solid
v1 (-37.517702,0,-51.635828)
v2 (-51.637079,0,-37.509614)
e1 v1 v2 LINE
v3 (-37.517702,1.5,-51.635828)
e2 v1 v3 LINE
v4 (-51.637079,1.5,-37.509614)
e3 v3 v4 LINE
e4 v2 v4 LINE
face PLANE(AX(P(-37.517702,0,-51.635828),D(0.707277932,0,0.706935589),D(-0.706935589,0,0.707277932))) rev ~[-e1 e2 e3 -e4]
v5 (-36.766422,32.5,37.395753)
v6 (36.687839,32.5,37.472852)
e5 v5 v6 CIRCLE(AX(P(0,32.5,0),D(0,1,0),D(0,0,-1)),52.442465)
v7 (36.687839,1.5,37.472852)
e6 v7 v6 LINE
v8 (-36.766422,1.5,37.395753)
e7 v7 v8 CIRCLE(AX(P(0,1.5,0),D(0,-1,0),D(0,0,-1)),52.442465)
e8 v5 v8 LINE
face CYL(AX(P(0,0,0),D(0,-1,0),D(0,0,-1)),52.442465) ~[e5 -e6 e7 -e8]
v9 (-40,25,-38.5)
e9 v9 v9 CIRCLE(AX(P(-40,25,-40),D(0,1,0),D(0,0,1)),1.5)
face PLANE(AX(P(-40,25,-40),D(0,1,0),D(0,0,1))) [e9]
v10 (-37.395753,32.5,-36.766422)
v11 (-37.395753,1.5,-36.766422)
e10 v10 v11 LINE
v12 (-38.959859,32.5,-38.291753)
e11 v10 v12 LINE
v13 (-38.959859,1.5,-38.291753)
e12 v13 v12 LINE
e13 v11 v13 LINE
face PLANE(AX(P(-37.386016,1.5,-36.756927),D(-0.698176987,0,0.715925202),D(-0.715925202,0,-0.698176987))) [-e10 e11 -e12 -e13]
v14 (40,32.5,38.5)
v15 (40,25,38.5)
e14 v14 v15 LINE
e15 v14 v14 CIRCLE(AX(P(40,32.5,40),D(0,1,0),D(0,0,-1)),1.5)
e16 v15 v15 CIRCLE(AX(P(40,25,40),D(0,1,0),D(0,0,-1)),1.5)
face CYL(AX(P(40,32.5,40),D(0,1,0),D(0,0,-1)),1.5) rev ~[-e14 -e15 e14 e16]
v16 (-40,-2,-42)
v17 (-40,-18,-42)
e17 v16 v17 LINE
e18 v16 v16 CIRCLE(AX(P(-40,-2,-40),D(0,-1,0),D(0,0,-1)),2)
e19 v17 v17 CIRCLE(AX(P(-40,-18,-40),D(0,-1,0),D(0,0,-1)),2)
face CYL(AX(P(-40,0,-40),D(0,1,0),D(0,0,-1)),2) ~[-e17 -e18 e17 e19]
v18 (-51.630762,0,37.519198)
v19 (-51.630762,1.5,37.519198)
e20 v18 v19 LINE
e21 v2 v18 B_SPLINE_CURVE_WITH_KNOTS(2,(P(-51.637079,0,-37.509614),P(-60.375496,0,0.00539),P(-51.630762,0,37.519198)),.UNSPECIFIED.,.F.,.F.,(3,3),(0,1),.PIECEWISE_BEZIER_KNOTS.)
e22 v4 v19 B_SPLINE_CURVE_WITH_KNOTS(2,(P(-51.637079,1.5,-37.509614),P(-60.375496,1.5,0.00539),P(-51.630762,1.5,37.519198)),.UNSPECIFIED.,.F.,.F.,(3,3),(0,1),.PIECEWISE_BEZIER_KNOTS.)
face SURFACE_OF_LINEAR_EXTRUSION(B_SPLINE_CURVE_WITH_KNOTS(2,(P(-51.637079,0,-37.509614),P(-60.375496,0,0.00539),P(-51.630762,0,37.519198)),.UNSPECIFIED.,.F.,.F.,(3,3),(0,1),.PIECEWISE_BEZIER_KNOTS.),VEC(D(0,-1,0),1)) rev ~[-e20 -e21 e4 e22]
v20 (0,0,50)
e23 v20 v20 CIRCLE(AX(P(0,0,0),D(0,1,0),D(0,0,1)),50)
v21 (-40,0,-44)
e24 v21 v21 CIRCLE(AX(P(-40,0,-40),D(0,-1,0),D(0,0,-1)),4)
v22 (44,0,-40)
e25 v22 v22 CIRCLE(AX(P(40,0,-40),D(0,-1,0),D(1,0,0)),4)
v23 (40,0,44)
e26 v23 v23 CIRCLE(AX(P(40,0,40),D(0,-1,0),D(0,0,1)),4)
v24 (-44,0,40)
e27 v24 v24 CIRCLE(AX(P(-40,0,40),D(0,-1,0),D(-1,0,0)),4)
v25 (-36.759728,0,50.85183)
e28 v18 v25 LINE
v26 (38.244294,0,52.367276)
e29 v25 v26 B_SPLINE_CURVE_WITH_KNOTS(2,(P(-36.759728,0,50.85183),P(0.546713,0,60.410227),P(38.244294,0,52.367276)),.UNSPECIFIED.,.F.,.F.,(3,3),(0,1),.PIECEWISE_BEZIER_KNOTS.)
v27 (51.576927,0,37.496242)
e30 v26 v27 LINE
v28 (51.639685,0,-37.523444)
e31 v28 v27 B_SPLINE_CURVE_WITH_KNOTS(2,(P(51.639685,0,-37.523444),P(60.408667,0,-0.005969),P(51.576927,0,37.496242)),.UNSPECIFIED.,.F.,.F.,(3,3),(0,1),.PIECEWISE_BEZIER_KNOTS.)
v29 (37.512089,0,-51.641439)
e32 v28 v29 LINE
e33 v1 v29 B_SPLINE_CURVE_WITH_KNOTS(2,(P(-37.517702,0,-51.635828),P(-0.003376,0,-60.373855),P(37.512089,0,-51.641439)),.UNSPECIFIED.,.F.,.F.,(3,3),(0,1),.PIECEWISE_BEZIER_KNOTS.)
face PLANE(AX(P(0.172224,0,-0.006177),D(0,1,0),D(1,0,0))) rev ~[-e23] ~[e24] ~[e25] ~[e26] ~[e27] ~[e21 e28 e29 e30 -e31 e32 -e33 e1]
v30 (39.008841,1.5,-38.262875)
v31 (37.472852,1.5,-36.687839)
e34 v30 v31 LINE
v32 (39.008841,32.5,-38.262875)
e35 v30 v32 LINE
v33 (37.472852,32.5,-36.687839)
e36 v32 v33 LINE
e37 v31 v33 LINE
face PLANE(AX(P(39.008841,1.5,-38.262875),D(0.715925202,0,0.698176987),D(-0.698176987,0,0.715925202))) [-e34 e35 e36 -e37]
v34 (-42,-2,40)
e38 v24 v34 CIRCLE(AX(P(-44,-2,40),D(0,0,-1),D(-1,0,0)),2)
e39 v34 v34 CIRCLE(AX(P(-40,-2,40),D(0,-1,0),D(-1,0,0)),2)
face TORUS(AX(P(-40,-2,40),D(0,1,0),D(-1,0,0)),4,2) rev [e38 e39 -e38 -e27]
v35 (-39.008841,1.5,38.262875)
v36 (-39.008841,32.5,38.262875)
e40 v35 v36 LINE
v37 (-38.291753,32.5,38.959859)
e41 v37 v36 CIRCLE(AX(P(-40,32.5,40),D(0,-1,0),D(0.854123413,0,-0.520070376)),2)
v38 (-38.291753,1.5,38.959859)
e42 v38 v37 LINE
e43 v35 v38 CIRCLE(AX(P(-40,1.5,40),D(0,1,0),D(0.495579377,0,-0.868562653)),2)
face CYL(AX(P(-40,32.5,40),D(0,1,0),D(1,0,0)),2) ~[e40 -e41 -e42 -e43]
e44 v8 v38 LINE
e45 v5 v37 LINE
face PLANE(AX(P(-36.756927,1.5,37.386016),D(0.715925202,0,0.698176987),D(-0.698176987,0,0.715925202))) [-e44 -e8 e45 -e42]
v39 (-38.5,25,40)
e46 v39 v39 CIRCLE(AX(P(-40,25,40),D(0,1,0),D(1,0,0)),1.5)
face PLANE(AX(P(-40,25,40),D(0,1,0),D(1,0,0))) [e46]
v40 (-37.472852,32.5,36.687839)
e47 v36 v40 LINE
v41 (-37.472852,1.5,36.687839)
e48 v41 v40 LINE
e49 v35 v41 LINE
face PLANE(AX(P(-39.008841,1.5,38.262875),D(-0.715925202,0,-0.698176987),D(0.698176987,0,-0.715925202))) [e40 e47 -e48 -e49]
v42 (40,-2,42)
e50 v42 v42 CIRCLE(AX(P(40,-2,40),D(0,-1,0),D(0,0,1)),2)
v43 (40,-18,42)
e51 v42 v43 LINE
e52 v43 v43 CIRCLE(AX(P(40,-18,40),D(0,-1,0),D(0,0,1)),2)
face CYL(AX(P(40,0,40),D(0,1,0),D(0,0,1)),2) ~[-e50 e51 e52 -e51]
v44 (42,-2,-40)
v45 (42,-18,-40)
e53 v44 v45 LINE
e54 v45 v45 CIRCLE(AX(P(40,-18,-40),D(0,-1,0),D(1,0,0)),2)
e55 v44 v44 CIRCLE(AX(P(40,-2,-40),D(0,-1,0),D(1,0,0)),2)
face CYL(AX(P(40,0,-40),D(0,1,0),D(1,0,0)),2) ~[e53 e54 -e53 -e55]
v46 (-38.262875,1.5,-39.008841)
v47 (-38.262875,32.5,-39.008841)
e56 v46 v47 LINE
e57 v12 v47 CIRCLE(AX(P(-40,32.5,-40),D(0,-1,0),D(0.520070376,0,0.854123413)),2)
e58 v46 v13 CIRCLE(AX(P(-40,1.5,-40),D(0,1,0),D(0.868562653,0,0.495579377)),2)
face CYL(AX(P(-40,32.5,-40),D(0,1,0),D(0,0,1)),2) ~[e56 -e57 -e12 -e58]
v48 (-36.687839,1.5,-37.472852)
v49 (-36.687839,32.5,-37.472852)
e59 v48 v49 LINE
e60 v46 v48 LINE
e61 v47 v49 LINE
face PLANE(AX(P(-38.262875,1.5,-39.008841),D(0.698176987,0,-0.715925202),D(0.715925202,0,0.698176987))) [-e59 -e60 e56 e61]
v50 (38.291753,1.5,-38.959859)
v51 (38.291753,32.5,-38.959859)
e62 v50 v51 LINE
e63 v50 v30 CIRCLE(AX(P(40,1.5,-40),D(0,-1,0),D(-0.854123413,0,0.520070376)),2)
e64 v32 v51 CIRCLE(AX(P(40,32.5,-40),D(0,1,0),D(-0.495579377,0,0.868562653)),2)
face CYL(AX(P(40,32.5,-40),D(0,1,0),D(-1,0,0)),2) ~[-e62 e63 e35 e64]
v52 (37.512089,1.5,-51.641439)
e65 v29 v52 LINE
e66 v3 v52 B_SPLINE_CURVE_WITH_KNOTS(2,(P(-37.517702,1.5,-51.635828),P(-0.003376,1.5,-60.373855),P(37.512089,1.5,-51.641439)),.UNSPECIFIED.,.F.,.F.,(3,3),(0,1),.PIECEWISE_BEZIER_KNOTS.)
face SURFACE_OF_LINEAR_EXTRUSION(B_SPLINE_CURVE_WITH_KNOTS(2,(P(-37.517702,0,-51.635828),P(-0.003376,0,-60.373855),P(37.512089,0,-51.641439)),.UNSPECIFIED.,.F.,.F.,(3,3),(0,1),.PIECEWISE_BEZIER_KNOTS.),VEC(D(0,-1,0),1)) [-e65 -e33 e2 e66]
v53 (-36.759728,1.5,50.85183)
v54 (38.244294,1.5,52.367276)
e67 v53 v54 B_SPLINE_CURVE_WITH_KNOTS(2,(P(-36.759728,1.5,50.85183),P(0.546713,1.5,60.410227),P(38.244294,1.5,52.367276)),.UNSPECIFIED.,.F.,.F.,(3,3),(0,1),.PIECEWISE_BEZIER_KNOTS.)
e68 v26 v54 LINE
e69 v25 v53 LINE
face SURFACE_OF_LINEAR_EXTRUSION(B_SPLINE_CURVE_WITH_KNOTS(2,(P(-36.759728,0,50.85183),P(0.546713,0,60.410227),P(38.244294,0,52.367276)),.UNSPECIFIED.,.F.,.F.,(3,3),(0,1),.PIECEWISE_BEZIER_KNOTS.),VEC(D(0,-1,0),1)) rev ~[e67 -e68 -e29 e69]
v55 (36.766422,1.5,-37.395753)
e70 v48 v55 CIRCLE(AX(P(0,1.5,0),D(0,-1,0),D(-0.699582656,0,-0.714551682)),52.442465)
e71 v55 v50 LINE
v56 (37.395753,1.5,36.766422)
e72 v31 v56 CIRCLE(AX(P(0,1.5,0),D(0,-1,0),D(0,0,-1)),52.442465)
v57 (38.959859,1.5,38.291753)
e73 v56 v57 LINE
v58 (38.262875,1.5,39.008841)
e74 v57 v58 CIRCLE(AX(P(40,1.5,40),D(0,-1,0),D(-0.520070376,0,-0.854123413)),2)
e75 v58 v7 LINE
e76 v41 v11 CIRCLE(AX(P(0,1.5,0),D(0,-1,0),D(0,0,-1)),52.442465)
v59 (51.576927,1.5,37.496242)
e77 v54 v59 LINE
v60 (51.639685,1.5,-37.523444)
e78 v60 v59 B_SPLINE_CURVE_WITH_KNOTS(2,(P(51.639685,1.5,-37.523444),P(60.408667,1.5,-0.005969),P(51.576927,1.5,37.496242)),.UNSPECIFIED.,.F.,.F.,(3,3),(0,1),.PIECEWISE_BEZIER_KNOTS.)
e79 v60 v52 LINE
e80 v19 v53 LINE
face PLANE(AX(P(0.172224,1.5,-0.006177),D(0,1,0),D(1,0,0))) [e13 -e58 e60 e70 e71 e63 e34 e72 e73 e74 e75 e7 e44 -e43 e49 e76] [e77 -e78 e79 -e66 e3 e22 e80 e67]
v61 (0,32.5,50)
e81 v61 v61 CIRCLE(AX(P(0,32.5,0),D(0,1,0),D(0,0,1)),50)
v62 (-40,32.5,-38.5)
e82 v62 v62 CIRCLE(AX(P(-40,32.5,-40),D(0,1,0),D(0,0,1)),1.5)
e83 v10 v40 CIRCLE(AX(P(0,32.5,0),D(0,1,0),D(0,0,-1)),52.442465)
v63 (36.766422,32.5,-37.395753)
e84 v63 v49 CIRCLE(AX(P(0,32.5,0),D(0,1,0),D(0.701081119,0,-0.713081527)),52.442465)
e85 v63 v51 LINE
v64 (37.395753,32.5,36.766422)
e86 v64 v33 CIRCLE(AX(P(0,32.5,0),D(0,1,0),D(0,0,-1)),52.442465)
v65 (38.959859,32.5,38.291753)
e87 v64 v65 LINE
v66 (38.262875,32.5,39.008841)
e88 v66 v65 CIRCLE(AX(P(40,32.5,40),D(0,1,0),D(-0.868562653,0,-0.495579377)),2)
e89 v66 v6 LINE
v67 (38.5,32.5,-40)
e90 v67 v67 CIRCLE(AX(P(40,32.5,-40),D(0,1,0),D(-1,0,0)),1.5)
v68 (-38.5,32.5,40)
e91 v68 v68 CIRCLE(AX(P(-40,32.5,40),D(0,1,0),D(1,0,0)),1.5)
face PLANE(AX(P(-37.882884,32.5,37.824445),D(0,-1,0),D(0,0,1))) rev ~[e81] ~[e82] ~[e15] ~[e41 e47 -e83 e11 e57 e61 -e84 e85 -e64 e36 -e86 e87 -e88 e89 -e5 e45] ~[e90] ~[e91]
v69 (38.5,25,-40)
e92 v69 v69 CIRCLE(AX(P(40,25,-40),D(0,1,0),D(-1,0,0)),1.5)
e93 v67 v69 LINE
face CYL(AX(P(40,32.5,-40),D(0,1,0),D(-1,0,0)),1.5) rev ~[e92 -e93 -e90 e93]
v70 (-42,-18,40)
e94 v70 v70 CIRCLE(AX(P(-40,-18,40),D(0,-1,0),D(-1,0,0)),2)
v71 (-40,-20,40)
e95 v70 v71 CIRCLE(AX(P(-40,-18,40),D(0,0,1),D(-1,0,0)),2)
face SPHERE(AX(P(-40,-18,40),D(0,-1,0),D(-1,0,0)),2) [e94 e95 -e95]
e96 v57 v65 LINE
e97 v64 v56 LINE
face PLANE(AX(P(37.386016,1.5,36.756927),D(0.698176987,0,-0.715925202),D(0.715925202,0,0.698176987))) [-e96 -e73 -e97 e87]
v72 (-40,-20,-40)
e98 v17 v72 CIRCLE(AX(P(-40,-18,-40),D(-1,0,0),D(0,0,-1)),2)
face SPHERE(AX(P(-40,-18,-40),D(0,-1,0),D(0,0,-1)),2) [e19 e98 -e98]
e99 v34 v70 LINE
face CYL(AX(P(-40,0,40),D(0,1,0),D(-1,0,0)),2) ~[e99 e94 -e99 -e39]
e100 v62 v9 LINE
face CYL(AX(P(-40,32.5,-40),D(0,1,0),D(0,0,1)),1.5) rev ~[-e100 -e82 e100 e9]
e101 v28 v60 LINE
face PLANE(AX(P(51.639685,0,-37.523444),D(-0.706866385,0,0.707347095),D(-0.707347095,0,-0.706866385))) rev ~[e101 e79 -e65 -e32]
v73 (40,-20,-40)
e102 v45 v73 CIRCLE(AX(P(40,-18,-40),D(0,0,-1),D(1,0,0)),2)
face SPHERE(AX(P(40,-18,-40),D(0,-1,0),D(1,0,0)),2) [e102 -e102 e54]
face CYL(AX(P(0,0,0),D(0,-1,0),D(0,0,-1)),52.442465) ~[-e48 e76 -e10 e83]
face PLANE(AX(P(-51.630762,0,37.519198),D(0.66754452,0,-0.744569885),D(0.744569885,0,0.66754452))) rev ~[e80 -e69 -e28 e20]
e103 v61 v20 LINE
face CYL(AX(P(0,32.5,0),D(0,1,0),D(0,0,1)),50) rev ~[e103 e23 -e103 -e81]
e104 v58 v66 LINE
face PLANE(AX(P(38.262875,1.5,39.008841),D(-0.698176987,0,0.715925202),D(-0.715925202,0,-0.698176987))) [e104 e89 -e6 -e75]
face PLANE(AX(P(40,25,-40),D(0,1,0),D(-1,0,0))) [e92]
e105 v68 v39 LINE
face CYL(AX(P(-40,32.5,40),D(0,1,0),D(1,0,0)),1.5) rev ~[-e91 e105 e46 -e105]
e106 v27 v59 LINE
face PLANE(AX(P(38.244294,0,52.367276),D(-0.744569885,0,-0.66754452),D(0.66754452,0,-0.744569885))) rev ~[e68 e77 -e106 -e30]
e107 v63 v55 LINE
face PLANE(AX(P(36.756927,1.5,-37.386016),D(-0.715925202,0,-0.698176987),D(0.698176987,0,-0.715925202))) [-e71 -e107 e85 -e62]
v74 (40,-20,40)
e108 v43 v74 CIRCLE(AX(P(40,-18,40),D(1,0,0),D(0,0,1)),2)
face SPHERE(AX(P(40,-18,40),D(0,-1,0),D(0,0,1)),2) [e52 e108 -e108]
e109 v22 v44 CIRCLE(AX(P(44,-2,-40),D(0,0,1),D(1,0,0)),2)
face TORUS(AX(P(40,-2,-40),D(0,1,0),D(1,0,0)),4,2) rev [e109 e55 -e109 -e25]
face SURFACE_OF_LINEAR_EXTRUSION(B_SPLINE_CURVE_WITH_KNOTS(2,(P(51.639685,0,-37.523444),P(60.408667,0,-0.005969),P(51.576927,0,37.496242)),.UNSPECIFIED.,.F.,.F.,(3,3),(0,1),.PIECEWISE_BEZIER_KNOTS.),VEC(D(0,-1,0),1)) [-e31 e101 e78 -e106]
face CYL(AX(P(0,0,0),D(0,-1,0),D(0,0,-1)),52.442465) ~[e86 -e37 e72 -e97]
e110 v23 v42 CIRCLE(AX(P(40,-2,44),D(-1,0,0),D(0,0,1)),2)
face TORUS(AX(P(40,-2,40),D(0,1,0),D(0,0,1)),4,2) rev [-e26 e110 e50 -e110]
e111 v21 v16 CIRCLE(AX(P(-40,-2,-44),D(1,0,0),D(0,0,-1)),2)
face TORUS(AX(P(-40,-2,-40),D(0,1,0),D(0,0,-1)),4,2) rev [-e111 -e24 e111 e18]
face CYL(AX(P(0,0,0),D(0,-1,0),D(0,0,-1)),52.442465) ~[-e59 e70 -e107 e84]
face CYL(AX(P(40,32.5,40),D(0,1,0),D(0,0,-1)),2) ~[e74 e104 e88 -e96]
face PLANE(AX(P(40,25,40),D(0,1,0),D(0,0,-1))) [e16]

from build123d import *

# Parameters (mm, degrees)
SKETCH2_R                = 5000
BOSS_EXTRUDE2_DEPTH      = 150
SKETCH3_R                = 5244.246539356
BOSS_EXTRUDE3_DEPTH      = 3250
SKETCH7_R                = 2
BOSS_EXTRUDE12_DEPTH     = 3250
SKETCH9_R                = 200
BOSS_EXTRUDE13_DEPTH     = 2000
FILLET1_R                = 200
CIRPATTERN7_COUNT        = 4
FILLET1_OF_CIRPATTERN7_R = 200
SCALE2_SCALE             = 0.01
SKETCH14_R               = 50
CUT_EXTRUDE4_DEPTH       = 96.047197338
BOSS_EXTRUDE14_START     = -32.5
SKETCH7_6_R              = 2
BOSS_EXTRUDE14_DEPTH     = 32.5
EXTRUDE_THIN10_DEPTH     = 31
SKETCH15_R               = 1.5
CUT_EXTRUDE5_DEPTH       = 7.5
CIRPATTERN1_COUNT        = 4


with BuildPart() as part:
    # Sketch2 → Boss-Extrude2 (new body)
    with BuildSketch(Plane(origin=(0, 0, 0), x_dir=(1, 0, 0), z_dir=(0, 1, 0))):
        with BuildLine():
            Line((3824.429393628, -5236.727592336), (5157.692676049, -3749.624245316))
            add(Edge.make_bspline(
                [(5163.968520998, 3752.344435712), (6040.866701019, 0.596942764), (5157.692676049, -3749.624245316)],
                knots=[0, 0, 0, 1, 1, 1], degree=2))
            Line((5163.968520998, 3752.344435712), (3751.208948661, 5164.143902966))
            add(Edge.make_bspline(
                [(-3751.770188441, 5163.582833105), (-0.337562444, 6037.385508755), (3751.208948661, 5164.143902966)],
                knots=[0, 0, 0, 1, 1, 1], degree=2))
            Line((-3751.770188441, 5163.582833105), (-5163.707873982, 3750.961398637))
            add(Edge.make_bspline(
                [(-5163.707873982, 3750.961398637), (-6037.549572471, -0.53895869), (-5163.076160475, -3751.919756157)],
                knots=[0, 0, 0, 1, 1, 1], degree=2))
            Line((-5163.076160475, -3751.919756157), (-3675.972813455, -5085.183038578))
            add(Edge.make_bspline(
                [(-3675.972813455, -5085.183038578), (54.671333271, -6041.022726245), (3824.429393628, -5236.727592336)],
                knots=[0, 0, 0, 1, 1, 1], degree=2))
        make_face()
        Circle(SKETCH2_R, mode=Mode.SUBTRACT)
    extrude(amount=BOSS_EXTRUDE2_DEPTH)

    # Sketch3 → Boss-Extrude3 (add)
    with BuildSketch(Plane(origin=(0, 0, 0), x_dir=(1, 0, 0), z_dir=(0, 1, 0))):
        Circle(SKETCH3_R)
    extrude(amount=BOSS_EXTRUDE3_DEPTH)

    # Sketch7 → Boss-Extrude12 (add)
    with BuildSketch(Plane(origin=(0, 0, 0), x_dir=(-1, 0, 0), z_dir=(0, -1, 0))):
        with Locations((40, 40)):
            Circle(SKETCH7_R)
    extrude(amount=-BOSS_EXTRUDE12_DEPTH)

    # Sketch9 → Boss-Extrude13 (add)
    with BuildSketch(Plane(origin=(0, 0, 0), x_dir=(-1, 0, 0), z_dir=(0, -1, 0))):
        with Locations((4000, 4000)):
            Circle(SKETCH9_R)
    boss_extrude13 = extrude(amount=BOSS_EXTRUDE13_DEPTH)

    # Fillet1
    fillet1_edges = [part.edges().sort_by_distance(p)[0] for p in [
        (-3800, 0, -4000),
        (-3800, -2000, -4000),
    ]]
    fillet(fillet1_edges, radius=FILLET1_R)

    # CirPattern7: Boss-Extrude13 ×4 about axis
    cirpattern7_axis = Axis((0, 3512.5, 0), (0, -1, 0))
    for i in range(1, CIRPATTERN7_COUNT):
        add(boss_extrude13.rotate(cirpattern7_axis, i * 360 / CIRPATTERN7_COUNT))

    # Fillet1 of CirPattern7
    fillet1_of_cirpattern7_edges = [part.edges().sort_by_distance(p)[0] for p in [
        (4000, 0, -3800),
        (4000, -2000, -3800),
        (3800, 0, 4000),
        (3800, -2000, 4000),
        (-4000, 0, 3800),
        (-4000, -2000, 3800),
    ]]
    fillet(fillet1_of_cirpattern7_edges, radius=FILLET1_OF_CIRPATTERN7_R)


with BuildPart() as part_1:
    # Scale2: scaled about (0, 0, 0)
    add(part.part.scale(SCALE2_SCALE))

    # Sketch14 → Cut-Extrude4 (cut, through all)
    with BuildSketch(Plane(origin=(0, 32.5, 0), x_dir=(1, 0, 0), z_dir=(0, 1, 0))):
        Circle(SKETCH14_R)
    extrude(amount=-CUT_EXTRUDE4_DEPTH, mode=Mode.SUBTRACT)

    # Sketch7<6> → Boss-Extrude14 (add)
    with BuildSketch(Plane(origin=(0, 0, 0), x_dir=(-1, 0, 0), z_dir=(0, -1, 0)).offset(BOSS_EXTRUDE14_START)):
        with Locations((40, 40)):
            Circle(SKETCH7_6_R)
    boss_extrude14 = extrude(amount=BOSS_EXTRUDE14_DEPTH)

    # Sketch16 → Extrude-Thin10 (add)
    with BuildSketch(Plane(origin=(0, 1.5, 0), x_dir=(1, 0, 0), z_dir=(0, 1, 0))):
        Polygon((-38.262874695, 39.008841247), (-36.687839251, 37.472851875), (-37.386016238, 36.756926674), (-38.961051682, 38.292916046), align=None)
    extrude_thin10 = extrude(amount=EXTRUDE_THIN10_DEPTH)

    # Sketch15 → Cut-Extrude5 (cut)
    with BuildSketch(Plane(origin=(0, 32.5, 0), x_dir=(1, 0, 0), z_dir=(0, 1, 0))):
        with Locations((-40, 40)):
            Circle(SKETCH15_R)
    cut_extrude5 = extrude(amount=-CUT_EXTRUDE5_DEPTH, mode=Mode.SUBTRACT)

    # CirPattern1: Boss-Extrude14, Extrude-Thin10, Cut-Extrude5 ×4 about axis
    cirpattern1_axis = Axis((0, 3512.5, 0), (0, -1, 0))
    add([boss_extrude14.rotate(cirpattern1_axis, i * 360 / CIRPATTERN1_COUNT) for i in range(1, CIRPATTERN1_COUNT)])
    add([extrude_thin10.rotate(cirpattern1_axis, i * 360 / CIRPATTERN1_COUNT) for i in range(1, CIRPATTERN1_COUNT)])
    add([cut_extrude5.rotate(cirpattern1_axis, i * 360 / CIRPATTERN1_COUNT) for i in range(1, CIRPATTERN1_COUNT)], mode=Mode.SUBTRACT)


solid = part_1.part
